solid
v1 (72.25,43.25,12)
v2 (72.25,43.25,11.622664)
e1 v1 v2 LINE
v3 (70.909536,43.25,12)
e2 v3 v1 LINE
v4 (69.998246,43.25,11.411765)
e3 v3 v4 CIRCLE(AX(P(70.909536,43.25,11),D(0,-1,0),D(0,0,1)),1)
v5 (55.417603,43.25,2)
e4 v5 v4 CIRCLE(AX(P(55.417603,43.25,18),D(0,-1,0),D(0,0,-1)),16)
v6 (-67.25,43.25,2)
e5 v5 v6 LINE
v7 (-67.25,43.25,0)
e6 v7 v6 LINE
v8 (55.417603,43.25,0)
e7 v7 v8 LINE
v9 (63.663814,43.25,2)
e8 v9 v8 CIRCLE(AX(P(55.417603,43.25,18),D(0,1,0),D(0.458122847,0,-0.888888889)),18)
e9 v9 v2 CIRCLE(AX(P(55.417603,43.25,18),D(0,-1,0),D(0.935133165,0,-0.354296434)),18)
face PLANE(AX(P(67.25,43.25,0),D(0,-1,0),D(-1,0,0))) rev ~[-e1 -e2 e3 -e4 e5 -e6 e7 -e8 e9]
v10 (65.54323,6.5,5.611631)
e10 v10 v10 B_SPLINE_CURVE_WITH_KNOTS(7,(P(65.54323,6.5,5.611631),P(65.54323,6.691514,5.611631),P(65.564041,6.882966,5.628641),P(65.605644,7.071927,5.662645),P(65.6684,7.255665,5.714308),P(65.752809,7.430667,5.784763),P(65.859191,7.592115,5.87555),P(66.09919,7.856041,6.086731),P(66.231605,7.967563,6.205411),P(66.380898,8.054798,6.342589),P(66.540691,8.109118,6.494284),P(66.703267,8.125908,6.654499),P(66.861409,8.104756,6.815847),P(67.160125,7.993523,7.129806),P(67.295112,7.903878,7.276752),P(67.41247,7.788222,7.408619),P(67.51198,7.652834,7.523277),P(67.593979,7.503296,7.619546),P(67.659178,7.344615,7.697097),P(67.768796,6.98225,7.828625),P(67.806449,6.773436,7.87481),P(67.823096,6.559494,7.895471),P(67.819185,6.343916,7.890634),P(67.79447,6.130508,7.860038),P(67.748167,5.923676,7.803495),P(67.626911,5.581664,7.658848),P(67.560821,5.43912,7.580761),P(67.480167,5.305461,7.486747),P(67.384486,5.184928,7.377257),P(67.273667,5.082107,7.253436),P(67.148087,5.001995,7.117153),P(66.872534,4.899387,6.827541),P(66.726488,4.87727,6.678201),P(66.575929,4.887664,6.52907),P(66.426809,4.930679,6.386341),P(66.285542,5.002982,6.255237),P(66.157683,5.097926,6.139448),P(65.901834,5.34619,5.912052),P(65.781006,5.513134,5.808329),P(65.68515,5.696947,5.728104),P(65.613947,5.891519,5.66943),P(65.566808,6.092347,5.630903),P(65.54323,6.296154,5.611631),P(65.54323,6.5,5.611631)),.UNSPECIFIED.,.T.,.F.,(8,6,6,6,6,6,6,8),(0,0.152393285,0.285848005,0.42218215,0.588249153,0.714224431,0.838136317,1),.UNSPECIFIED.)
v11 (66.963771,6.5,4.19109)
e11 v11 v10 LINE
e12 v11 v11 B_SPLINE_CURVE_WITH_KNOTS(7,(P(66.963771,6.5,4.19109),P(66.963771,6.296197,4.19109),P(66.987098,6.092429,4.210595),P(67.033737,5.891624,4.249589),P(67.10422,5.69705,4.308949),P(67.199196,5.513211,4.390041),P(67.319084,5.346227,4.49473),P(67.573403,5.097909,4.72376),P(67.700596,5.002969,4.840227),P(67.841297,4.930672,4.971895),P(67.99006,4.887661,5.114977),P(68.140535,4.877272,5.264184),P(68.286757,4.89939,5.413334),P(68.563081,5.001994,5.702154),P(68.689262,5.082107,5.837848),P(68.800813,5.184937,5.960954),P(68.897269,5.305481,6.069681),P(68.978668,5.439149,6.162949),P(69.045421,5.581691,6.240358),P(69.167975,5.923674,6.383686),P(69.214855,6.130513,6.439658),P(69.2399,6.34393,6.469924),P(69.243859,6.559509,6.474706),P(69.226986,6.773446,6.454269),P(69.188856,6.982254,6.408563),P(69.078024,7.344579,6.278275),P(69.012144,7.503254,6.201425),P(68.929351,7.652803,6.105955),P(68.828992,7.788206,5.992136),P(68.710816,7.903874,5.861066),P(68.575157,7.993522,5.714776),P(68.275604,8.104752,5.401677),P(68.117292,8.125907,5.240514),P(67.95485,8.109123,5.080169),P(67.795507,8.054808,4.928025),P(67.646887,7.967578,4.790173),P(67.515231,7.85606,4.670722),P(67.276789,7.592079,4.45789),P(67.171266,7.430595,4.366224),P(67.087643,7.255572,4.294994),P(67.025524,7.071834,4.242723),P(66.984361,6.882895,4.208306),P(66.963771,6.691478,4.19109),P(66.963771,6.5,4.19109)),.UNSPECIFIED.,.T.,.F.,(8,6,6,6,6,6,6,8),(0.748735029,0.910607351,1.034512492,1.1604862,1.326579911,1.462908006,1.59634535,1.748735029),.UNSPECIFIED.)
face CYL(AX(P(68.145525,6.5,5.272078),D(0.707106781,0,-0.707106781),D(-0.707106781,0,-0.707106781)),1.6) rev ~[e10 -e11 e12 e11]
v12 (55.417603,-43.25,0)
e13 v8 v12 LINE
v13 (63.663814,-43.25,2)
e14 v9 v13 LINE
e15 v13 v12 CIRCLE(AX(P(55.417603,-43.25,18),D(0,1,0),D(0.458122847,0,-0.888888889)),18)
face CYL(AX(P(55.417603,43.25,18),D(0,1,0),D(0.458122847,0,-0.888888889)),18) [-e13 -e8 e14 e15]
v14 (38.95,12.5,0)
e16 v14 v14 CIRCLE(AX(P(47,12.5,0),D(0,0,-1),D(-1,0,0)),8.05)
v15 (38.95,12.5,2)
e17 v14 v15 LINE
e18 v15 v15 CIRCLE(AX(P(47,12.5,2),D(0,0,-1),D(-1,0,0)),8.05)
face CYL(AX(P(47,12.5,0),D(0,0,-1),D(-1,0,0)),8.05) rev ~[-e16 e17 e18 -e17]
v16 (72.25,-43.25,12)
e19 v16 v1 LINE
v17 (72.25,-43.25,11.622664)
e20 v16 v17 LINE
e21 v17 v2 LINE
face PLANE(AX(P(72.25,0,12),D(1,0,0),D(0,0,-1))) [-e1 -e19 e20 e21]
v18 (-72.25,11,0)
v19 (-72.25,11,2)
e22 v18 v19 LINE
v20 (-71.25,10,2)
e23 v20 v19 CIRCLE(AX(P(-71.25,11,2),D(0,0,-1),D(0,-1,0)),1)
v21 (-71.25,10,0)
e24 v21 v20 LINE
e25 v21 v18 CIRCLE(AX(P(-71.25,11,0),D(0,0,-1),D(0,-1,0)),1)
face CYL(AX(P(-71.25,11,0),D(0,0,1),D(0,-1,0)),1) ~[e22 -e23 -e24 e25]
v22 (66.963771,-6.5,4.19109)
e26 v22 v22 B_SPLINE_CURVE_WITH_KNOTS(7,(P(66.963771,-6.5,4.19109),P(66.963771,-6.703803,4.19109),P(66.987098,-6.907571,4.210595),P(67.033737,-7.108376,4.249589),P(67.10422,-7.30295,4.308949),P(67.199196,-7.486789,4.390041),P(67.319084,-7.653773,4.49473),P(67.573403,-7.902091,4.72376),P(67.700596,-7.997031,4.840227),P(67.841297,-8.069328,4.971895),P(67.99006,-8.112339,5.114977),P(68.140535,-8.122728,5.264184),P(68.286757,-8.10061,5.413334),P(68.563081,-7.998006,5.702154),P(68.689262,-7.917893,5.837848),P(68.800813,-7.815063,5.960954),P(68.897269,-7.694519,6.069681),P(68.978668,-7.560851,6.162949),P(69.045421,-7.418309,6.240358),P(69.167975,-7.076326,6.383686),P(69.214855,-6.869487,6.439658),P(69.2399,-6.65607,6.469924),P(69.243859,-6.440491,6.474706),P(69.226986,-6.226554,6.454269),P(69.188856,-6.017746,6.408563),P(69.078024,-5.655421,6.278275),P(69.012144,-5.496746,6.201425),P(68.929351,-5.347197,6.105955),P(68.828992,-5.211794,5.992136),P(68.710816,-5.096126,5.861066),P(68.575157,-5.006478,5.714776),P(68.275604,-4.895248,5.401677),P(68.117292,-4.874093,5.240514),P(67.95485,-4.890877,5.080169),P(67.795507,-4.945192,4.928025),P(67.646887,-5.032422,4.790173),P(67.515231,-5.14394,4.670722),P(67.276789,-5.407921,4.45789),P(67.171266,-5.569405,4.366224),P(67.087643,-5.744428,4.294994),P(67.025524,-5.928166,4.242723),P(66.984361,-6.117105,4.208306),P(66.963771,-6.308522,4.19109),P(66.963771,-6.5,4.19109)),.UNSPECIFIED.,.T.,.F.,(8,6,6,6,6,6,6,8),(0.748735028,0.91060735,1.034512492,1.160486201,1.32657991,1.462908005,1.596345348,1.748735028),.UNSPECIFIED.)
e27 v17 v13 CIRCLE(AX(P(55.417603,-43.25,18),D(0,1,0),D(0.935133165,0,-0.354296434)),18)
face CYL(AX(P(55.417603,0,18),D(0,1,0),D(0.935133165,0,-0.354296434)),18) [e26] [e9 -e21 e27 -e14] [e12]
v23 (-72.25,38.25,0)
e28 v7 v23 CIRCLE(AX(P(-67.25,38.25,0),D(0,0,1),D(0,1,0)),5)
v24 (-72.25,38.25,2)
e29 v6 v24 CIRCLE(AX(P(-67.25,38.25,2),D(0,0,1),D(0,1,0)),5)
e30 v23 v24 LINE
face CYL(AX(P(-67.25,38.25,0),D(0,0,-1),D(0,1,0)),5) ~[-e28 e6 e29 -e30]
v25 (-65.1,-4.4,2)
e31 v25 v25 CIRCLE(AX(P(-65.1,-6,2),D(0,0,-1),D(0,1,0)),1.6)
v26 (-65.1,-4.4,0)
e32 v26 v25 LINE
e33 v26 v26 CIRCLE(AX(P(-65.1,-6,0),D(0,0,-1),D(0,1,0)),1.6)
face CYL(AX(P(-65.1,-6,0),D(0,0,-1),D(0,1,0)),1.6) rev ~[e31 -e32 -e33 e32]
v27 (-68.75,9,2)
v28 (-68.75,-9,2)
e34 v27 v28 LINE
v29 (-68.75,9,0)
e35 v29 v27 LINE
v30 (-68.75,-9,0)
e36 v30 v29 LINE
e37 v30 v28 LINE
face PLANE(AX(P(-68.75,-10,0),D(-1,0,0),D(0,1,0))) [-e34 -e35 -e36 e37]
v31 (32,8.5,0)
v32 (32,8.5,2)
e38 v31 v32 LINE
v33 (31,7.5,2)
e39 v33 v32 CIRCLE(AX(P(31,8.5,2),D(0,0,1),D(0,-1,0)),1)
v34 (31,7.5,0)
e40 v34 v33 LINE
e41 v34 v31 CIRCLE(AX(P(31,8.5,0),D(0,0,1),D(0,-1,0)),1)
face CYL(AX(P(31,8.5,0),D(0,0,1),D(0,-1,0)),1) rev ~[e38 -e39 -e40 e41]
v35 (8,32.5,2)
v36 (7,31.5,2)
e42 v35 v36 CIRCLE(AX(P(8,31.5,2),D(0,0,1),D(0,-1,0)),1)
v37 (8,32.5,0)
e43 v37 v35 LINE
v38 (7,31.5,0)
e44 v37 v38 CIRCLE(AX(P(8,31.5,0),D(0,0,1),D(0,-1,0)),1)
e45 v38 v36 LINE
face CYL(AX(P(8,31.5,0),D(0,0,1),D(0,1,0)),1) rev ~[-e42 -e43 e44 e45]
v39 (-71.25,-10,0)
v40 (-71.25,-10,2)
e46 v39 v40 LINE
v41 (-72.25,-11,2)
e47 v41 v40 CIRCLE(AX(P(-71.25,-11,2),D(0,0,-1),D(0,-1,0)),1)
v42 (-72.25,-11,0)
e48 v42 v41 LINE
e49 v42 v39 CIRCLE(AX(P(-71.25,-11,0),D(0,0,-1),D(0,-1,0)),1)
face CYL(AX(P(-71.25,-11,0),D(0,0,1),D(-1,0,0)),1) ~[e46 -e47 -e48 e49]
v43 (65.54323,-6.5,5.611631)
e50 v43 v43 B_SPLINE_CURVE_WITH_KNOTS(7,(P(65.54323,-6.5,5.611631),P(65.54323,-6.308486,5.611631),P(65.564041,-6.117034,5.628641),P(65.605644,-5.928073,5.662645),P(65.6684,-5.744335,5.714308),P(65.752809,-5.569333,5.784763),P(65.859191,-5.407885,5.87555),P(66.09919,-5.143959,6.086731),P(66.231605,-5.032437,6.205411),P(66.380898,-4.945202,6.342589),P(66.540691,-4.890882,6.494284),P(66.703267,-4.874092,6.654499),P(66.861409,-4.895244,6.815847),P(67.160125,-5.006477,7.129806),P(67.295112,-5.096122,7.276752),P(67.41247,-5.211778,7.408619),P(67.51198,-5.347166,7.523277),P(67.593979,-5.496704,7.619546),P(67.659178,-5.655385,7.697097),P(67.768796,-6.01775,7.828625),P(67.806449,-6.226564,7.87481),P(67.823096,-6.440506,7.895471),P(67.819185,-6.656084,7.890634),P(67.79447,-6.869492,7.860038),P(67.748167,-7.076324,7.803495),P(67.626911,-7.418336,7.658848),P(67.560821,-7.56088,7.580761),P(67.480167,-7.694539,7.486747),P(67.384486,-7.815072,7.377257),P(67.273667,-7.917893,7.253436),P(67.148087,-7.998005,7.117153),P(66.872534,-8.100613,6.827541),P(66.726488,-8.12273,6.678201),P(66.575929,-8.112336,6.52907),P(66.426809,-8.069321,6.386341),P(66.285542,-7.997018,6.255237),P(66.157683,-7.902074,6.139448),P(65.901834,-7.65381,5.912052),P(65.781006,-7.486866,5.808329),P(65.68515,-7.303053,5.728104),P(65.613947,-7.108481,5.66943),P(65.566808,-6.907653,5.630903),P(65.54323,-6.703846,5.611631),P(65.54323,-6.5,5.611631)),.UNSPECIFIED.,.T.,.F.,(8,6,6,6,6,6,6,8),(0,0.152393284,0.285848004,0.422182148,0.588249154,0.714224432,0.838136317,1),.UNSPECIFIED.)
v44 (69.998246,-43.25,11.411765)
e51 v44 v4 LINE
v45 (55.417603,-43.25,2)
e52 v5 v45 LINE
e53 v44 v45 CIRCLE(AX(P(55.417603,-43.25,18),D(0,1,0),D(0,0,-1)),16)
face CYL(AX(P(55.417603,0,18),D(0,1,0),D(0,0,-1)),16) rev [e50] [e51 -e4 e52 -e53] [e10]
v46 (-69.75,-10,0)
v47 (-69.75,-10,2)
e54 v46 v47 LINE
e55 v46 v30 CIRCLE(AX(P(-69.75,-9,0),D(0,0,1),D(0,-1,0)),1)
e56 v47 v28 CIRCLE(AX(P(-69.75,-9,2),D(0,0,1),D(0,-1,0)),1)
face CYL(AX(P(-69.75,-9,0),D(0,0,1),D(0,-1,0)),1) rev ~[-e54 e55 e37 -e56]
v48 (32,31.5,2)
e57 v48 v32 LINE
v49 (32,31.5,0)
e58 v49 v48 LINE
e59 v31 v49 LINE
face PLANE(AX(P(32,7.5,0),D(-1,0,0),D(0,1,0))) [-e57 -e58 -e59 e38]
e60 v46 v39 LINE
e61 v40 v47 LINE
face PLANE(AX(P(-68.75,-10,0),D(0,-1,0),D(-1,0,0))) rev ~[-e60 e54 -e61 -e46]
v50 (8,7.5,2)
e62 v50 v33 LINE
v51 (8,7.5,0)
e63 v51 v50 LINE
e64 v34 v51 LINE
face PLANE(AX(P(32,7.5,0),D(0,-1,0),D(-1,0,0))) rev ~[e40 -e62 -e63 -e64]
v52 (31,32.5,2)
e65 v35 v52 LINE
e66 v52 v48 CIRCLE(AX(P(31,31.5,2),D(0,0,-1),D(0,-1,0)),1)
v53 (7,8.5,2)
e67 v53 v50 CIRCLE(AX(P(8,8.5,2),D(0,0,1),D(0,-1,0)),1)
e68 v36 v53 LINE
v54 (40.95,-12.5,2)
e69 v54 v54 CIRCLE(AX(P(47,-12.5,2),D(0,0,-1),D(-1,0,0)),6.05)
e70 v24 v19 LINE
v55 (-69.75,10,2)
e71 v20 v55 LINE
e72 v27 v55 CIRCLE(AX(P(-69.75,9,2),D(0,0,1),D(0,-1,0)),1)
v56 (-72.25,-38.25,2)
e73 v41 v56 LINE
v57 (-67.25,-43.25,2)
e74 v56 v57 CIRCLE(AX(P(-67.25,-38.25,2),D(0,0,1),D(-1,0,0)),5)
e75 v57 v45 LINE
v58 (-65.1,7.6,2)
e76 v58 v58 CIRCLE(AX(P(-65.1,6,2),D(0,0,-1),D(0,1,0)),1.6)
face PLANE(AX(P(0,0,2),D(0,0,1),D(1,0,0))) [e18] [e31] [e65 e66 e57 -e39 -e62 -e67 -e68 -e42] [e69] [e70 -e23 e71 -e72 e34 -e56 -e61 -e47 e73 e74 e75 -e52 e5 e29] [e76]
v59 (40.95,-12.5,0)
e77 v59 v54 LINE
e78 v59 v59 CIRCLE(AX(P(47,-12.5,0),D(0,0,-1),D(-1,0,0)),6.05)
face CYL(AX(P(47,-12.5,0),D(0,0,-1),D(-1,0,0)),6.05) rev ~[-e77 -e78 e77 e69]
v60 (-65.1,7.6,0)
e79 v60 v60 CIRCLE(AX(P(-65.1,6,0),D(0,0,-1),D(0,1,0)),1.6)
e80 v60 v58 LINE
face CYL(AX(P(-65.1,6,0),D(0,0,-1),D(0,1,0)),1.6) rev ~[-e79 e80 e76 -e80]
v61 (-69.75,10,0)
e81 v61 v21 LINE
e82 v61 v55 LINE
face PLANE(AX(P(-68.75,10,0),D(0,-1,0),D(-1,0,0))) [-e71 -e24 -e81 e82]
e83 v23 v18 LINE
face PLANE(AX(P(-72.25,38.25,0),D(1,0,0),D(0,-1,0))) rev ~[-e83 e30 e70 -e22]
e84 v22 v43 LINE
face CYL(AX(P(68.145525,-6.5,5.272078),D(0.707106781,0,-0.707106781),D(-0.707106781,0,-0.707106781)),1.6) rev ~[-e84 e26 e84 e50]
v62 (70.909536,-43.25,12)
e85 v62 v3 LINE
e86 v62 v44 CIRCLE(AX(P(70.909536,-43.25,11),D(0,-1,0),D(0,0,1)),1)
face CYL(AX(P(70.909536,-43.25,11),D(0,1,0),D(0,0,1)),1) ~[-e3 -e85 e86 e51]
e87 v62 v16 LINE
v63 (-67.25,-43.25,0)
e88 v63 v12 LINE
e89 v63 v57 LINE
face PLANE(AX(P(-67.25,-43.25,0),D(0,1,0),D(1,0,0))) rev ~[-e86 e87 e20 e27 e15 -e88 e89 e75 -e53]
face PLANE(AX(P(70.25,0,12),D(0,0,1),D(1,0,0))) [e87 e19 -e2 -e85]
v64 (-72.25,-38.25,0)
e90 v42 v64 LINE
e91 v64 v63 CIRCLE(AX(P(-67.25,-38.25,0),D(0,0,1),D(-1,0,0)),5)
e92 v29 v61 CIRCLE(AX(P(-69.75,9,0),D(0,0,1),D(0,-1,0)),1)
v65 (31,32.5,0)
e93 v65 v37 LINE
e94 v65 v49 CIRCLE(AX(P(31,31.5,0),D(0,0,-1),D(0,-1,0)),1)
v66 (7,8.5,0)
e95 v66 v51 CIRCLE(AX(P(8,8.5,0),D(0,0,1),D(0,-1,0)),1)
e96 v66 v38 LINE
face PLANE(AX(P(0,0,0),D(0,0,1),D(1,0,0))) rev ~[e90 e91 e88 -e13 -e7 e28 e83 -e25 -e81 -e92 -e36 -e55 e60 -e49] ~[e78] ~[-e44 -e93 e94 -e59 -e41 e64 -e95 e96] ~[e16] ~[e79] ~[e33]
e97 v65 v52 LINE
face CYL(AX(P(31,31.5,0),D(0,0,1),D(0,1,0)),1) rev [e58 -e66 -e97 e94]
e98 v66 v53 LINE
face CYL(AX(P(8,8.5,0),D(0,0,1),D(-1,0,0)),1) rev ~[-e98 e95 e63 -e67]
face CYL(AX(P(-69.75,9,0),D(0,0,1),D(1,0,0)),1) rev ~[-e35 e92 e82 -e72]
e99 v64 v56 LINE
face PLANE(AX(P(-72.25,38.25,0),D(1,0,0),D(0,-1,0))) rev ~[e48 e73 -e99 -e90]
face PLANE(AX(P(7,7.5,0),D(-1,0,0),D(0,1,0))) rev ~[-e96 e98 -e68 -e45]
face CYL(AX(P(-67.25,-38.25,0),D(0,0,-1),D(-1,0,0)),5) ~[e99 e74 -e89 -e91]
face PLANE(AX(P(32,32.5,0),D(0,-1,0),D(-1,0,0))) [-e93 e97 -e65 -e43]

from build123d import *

# Parameters (mm, degrees)
EXTRUDE_1_DEPTH             = 2
EXTRUDE_2_REACH             = 86.23
EXTRUDE_2_DIRECTION_2_REACH = 86.23
CUT_EXTRUDE_2_DEPTH         = 114.341574455
FILLET_2_R                  = 1
SKETCH_8_R                  = 1.6
CUT_EXTRUDE_3_DEPTH         = 121.450189292
SKETCH_10_R                 = 1.6
SKETCH_10_W                 = 3.5
SKETCH_10_H                 = 20
CUT_EXTRUDE_5_DEPTH         = 86.056598939
SKETCH_11_R                 = 8.05
SKETCH_11_R_2               = 6.05
CUT_EXTRUDE_6_DEPTH         = 86.056598939
SKETCH_12_W                 = 25
SKETCH_12_H                 = 25
CUT_EXTRUDE_7_DEPTH         = 86.056598939
FILLET_3_R                  = 1


with BuildPart() as part:
    # 草图1 → 凸台-拉伸1 (new body)
    with BuildSketch(Plane.XY):
        with BuildLine():
            Line((72.25, -38.25), (72.25, 38.25))
            ThreePointArc((72.25, 38.25), (70.785533906, 41.785533906), (67.25, 43.25))
            Line((67.25, 43.25), (-67.25, 43.25))
            ThreePointArc((-67.25, 43.25), (-70.785533906, 41.785533906), (-72.25, 38.25))
            Line((-72.25, 38.25), (-72.25, -38.25))
            ThreePointArc((-72.25, -38.25), (-70.785533906, -41.785533906), (-67.25, -43.25))
            Line((-67.25, -43.25), (67.25, -43.25))
            ThreePointArc((67.25, -43.25), (70.785533906, -41.785533906), (72.25, -38.25))
        make_face()
    extrude(amount=EXTRUDE_1_DEPTH)

    # 凸台-拉伸2: up to this face of the body (flat: up to its plane)
    extrude_2_end = Plane(part.part.faces().sort_by_distance((0, 43.25, 1))[0])
    # 草图3 → 凸台-拉伸2 (add, up to the picked face)
    with BuildSketch(Plane(origin=(0, 0, 0), x_dir=(1, 0, 0), z_dir=(0, 1, 0)), mode=Mode.PRIVATE) as extrude_2_sk1:
        with BuildLine():
            Line((55.417603026, 0), (55.417603026, -2))
            ThreePointArc((55.417603026, -2), (64.361874936, -4.733500839), (70.25, -12))
            Line((70.25, -12), (72.25, -12))
            Line((72.25, -12), (72.25, -11.622664185))
            ThreePointArc((72.25, -11.622664185), (65.645211625, -3.187977102), (55.417603026, 0))
        make_face()
    extrude_2_tool1 = split(extrude(extrude_2_sk1.sketch, amount=EXTRUDE_2_REACH, mode=Mode.PRIVATE), bisect_by=extrude_2_end, keep=Keep.BOTH, mode=Mode.PRIVATE)
    add(extrude_2_tool1.solids().sort_by(Axis((64.519337, 0, 4.83454), (0, 1, 0)))[0])

    # 凸台-拉伸2 direction 2: up to this face of the body (flat: up to its plane)
    extrude_2_direction_2_end = Plane(part.part.faces().sort_by_distance((0, -43.25, 1))[0])
    # 草图3 → 凸台-拉伸2 direction 2 (add, up to the picked face)
    with BuildSketch(Plane(origin=(0, 0, 0), x_dir=(1, 0, 0), z_dir=(0, 1, 0)), mode=Mode.PRIVATE) as extrude_2_direction_2_sk1:
        with BuildLine():
            Line((55.417603026, 0), (55.417603026, -2))
            ThreePointArc((55.417603026, -2), (64.361874936, -4.733500839), (70.25, -12))
            Line((70.25, -12), (72.25, -12))
            Line((72.25, -12), (72.25, -11.622664185))
            ThreePointArc((72.25, -11.622664185), (65.645211625, -3.187977102), (55.417603026, 0))
        make_face()
    extrude_2_direction_2_tool1 = split(extrude(extrude_2_direction_2_sk1.sketch, amount=-EXTRUDE_2_DIRECTION_2_REACH, mode=Mode.PRIVATE), bisect_by=extrude_2_direction_2_end, keep=Keep.BOTH, mode=Mode.PRIVATE)
    add(extrude_2_direction_2_tool1.solids().sort_by(Axis((64.519337, 0, 4.83454), (0, -1, 0)))[0])

    # 草图6 → 切除-拉伸2 (cut, through all)
    with BuildSketch(Plane(origin=(0, 43.25, 0), x_dir=(1, 0, 0), z_dir=(0, 1, 0))):
        with BuildLine():
            Line((55.417603026, 0), (72.25, 0))
            Line((72.25, 0), (72.25, -2))
            Line((72.25, -2), (63.663814277, -2))
            ThreePointArc((63.663814277, -2), (59.660243713, -0.507144315), (55.417603026, 0))
        make_face()
    extrude(amount=-CUT_EXTRUDE_2_DEPTH, mode=Mode.SUBTRACT)

    # 圆角2
    fillet_2_edges = [part.edges().sort_by_distance(p)[0] for p in [
        (70.25, 0, 12),
    ]]
    fillet(fillet_2_edges, radius=FILLET_2_R)

    # 草图8 → 切除-拉伸3 (cut, through all)
    with BuildSketch(Plane(origin=(31.436723574, 0, -31.436723574), x_dir=(-0.7071067811865464, 0, -0.7071067811865488), z_dir=(0.7071067811865488, 0, -0.7071067811865464))):
        with Locations((-51.914084958, 6.5)):
            Circle(SKETCH_8_R)
        with Locations((-51.914084958, -6.5)):
            Circle(SKETCH_8_R)
    extrude(amount=-CUT_EXTRUDE_3_DEPTH, mode=Mode.SUBTRACT)

    # 草图10 → 切除-拉伸5 (cut, through all)
    with BuildSketch(Plane(origin=(0, 0, 0), x_dir=(-1, 0, 0), z_dir=(0, 0, -1))):
        with Locations(Location((65.1, 6, 0), (0, 0, 90))):
            Circle(SKETCH_10_R)
        with Locations(Location((65.1, -6, 0), (0, 0, 90))):
            Circle(SKETCH_10_R)
        with Locations((70.5, 0)):
            Rectangle(SKETCH_10_W, SKETCH_10_H)
    extrude(amount=-CUT_EXTRUDE_5_DEPTH, mode=Mode.SUBTRACT)

    # 草图11 → 切除-拉伸6 (cut, through all)
    with BuildSketch(Plane(origin=(0, 0, 0), x_dir=(-1, 0, 0), z_dir=(0, 0, -1))):
        with Locations((-47, 12.5)):
            Circle(SKETCH_11_R)
        with Locations((-47, -12.5)):
            Circle(SKETCH_11_R_2)
    extrude(amount=-CUT_EXTRUDE_6_DEPTH, mode=Mode.SUBTRACT)

    # 草图12 → 切除-拉伸7 (cut, through all)
    with BuildSketch(Plane(origin=(0, 0, 0), x_dir=(-1, 0, 0), z_dir=(0, 0, -1))):
        with Locations((-19.5, 20)):
            Rectangle(SKETCH_12_W, SKETCH_12_H)
    extrude(amount=-CUT_EXTRUDE_7_DEPTH, mode=Mode.SUBTRACT)

    # 圆角3
    fillet_3_edges = [part.edges().sort_by_distance(p)[0] for p in [
        (-72.25, 10, 1),
        (-72.25, -10, 1),
        (-68.75, -10, 1),
        (-68.75, 10, 1),
        (7, 32.5, 1),
        (7, 7.5, 1),
        (32, 7.5, 1),
        (32, 32.5, 1),
    ]]
    fillet(fillet_3_edges, radius=FILLET_3_R)


solid = part.part
